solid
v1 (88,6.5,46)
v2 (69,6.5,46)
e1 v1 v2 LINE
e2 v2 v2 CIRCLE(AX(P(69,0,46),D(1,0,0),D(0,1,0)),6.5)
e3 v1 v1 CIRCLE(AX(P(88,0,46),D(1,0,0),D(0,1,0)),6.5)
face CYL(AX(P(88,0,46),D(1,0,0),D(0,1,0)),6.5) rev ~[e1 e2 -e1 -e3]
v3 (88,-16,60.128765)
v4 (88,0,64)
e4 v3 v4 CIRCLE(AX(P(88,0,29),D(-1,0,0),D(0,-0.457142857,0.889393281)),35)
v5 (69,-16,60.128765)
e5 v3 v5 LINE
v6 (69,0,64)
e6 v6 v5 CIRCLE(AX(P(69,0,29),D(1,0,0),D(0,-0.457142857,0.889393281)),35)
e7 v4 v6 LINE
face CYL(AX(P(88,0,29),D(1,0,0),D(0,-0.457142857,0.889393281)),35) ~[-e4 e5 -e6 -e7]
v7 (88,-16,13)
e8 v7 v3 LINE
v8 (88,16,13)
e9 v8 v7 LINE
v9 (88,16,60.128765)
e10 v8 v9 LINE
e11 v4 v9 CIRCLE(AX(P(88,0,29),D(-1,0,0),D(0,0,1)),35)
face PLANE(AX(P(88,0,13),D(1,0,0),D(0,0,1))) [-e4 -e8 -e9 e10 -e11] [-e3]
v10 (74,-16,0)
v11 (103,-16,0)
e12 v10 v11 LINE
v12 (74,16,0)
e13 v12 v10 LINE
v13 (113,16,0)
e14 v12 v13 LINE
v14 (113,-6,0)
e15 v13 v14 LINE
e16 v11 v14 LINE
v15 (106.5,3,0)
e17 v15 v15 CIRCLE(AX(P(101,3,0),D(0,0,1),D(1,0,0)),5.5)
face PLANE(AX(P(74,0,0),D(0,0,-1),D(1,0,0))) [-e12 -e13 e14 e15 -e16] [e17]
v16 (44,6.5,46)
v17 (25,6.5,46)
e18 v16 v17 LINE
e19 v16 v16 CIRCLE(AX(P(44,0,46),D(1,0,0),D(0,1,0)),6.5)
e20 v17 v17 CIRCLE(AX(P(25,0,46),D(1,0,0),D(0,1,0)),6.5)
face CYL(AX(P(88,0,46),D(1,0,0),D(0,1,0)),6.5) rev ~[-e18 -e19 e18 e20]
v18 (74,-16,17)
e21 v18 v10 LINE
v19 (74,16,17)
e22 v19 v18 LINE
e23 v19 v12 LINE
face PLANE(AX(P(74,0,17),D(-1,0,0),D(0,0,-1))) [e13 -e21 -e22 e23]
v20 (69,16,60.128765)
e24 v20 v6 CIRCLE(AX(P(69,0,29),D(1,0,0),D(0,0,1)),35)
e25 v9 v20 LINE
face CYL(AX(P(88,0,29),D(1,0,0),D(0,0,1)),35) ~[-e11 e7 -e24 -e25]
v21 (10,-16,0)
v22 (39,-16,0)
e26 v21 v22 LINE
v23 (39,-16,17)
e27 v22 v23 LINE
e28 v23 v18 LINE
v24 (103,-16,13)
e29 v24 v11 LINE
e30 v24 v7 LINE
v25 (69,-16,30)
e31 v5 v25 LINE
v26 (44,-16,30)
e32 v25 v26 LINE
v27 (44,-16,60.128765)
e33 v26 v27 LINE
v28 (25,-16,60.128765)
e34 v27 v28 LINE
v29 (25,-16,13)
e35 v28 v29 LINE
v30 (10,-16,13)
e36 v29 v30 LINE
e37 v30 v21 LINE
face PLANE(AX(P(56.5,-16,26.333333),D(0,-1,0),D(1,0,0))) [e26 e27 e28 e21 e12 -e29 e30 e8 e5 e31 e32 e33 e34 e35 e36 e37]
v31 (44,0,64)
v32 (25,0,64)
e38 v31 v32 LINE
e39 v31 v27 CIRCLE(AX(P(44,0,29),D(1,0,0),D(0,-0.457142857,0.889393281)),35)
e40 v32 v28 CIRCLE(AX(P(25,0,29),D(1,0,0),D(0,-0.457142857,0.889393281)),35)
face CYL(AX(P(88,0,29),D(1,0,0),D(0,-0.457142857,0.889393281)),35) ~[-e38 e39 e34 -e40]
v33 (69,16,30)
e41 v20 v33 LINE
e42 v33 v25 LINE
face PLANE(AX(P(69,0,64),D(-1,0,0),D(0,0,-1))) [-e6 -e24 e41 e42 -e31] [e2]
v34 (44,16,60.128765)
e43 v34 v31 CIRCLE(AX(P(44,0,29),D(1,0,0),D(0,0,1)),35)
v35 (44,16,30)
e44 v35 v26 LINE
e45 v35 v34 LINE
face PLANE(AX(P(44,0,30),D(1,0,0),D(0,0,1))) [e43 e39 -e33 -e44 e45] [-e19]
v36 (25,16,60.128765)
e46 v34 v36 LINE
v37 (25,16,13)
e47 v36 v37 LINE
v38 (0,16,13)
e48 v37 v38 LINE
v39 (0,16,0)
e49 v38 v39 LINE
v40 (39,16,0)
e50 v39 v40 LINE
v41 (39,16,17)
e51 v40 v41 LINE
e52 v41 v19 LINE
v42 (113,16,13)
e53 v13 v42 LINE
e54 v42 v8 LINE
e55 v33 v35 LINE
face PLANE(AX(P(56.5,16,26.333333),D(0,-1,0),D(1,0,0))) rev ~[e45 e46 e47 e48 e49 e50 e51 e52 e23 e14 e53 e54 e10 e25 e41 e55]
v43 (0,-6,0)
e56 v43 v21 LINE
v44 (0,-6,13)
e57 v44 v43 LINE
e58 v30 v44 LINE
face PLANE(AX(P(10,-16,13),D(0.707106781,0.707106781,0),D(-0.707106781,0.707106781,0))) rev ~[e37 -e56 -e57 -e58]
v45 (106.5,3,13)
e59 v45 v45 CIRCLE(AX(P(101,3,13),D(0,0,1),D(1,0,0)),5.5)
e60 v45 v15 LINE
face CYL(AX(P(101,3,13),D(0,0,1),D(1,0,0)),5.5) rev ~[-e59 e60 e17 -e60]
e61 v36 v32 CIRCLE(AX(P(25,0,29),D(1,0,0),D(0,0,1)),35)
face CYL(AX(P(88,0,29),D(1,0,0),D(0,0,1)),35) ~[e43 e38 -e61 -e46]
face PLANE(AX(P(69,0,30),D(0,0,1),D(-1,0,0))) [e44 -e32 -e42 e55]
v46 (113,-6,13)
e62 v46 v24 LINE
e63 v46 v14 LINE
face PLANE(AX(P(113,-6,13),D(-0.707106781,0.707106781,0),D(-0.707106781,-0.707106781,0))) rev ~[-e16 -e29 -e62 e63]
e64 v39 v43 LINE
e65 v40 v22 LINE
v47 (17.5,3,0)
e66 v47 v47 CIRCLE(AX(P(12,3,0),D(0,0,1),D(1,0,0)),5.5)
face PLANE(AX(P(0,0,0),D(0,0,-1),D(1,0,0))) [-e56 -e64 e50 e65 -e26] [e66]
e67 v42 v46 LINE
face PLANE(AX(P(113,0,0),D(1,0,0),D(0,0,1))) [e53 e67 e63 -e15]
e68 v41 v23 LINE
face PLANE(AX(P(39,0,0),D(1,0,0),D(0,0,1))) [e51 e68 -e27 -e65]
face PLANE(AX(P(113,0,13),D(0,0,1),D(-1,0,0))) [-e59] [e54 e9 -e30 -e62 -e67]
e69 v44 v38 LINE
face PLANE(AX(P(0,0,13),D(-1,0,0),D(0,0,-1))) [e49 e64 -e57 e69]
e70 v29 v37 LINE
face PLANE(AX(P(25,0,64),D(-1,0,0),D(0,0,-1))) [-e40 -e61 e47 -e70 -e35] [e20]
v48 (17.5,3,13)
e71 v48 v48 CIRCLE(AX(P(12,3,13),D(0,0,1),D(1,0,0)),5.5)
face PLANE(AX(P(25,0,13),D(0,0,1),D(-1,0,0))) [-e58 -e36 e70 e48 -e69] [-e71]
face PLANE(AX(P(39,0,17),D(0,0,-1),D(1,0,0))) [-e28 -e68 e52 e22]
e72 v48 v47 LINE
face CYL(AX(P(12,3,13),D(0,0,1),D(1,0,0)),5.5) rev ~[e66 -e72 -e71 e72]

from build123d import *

# Parameters (mm, degrees)
F1_DEPTH  = 16
F3_DEPTH  = 25
F5_DEPTH  = 25
F6_R      = 6.5
F7_DEPTH  = 88.001
F8_DEPTH  = 88.001
F9_R      = 5.5
F10_DEPTH = 25
F11_R     = 5.5
F12_DEPTH = 25


with BuildPart() as f1:
    # F0 (on Front) → F1 (new body, symmetric)
    with BuildSketch(Plane.XZ):
        Polygon((0, 13), (0, 0), (39, 0), (39, 17), (74, 17), (74, 0), (113, 0), (113, 13), (88, 13), (88, 64), (69, 64), (69, 30), (44, 30), (44, 64), (25, 64), (25, 13), align=None)
    extrude(amount=F1_DEPTH, both=True)

    # F2 (on face) → F3 (cut)
    with BuildSketch(Plane.XY.offset(13)):
        Polygon((103, -16), (113, -16), (113, -6), align=None)
    extrude(amount=-F3_DEPTH, mode=Mode.SUBTRACT)

    # F4 (on face) → F5 (cut)
    with BuildSketch(Plane.XY.offset(13)):
        Polygon((10, -16), (0, -6), (0, -16), align=None)
    extrude(amount=-F5_DEPTH, mode=Mode.SUBTRACT)

    # F6 (on face) → F7 (cut, through all)
    with BuildSketch(Plane.YZ.offset(88)):
        with Locations((0, 46)):
            Circle(F6_R)
    extrude(amount=-F7_DEPTH, mode=Mode.SUBTRACT)

    # F6 (on face) → F8 (cut, through all)
    with BuildSketch(Plane.YZ.offset(88)):
        with BuildLine():
            ThreePointArc((-16, 60.1287648325), (-8.230833216, 63.0184271325), (0, 64))
            Line((0, 64), (-16, 64))
            Line((-16, 64), (-16, 60.1287648325))
        make_face()
        with BuildLine():
            ThreePointArc((0, 64), (8.2308332161, 63.0184271325), (16, 60.1287648325))
            Line((16, 60.1287648325), (16, 64))
            Line((16, 64), (0, 64))
        make_face()
    extrude(amount=-F8_DEPTH, mode=Mode.SUBTRACT)

    # F9 (on face) → F10 (cut)
    with BuildSketch(Plane.XY.offset(13)):
        with Locations((101, 3)):
            Circle(F9_R)
    extrude(amount=-F10_DEPTH, mode=Mode.SUBTRACT)

    # F11 (on face) → F12 (cut)
    with BuildSketch(Plane.XY.offset(13)):
        with Locations((12, 3)):
            Circle(F11_R)
    extrude(amount=-F12_DEPTH, mode=Mode.SUBTRACT)


solid = f1.part
